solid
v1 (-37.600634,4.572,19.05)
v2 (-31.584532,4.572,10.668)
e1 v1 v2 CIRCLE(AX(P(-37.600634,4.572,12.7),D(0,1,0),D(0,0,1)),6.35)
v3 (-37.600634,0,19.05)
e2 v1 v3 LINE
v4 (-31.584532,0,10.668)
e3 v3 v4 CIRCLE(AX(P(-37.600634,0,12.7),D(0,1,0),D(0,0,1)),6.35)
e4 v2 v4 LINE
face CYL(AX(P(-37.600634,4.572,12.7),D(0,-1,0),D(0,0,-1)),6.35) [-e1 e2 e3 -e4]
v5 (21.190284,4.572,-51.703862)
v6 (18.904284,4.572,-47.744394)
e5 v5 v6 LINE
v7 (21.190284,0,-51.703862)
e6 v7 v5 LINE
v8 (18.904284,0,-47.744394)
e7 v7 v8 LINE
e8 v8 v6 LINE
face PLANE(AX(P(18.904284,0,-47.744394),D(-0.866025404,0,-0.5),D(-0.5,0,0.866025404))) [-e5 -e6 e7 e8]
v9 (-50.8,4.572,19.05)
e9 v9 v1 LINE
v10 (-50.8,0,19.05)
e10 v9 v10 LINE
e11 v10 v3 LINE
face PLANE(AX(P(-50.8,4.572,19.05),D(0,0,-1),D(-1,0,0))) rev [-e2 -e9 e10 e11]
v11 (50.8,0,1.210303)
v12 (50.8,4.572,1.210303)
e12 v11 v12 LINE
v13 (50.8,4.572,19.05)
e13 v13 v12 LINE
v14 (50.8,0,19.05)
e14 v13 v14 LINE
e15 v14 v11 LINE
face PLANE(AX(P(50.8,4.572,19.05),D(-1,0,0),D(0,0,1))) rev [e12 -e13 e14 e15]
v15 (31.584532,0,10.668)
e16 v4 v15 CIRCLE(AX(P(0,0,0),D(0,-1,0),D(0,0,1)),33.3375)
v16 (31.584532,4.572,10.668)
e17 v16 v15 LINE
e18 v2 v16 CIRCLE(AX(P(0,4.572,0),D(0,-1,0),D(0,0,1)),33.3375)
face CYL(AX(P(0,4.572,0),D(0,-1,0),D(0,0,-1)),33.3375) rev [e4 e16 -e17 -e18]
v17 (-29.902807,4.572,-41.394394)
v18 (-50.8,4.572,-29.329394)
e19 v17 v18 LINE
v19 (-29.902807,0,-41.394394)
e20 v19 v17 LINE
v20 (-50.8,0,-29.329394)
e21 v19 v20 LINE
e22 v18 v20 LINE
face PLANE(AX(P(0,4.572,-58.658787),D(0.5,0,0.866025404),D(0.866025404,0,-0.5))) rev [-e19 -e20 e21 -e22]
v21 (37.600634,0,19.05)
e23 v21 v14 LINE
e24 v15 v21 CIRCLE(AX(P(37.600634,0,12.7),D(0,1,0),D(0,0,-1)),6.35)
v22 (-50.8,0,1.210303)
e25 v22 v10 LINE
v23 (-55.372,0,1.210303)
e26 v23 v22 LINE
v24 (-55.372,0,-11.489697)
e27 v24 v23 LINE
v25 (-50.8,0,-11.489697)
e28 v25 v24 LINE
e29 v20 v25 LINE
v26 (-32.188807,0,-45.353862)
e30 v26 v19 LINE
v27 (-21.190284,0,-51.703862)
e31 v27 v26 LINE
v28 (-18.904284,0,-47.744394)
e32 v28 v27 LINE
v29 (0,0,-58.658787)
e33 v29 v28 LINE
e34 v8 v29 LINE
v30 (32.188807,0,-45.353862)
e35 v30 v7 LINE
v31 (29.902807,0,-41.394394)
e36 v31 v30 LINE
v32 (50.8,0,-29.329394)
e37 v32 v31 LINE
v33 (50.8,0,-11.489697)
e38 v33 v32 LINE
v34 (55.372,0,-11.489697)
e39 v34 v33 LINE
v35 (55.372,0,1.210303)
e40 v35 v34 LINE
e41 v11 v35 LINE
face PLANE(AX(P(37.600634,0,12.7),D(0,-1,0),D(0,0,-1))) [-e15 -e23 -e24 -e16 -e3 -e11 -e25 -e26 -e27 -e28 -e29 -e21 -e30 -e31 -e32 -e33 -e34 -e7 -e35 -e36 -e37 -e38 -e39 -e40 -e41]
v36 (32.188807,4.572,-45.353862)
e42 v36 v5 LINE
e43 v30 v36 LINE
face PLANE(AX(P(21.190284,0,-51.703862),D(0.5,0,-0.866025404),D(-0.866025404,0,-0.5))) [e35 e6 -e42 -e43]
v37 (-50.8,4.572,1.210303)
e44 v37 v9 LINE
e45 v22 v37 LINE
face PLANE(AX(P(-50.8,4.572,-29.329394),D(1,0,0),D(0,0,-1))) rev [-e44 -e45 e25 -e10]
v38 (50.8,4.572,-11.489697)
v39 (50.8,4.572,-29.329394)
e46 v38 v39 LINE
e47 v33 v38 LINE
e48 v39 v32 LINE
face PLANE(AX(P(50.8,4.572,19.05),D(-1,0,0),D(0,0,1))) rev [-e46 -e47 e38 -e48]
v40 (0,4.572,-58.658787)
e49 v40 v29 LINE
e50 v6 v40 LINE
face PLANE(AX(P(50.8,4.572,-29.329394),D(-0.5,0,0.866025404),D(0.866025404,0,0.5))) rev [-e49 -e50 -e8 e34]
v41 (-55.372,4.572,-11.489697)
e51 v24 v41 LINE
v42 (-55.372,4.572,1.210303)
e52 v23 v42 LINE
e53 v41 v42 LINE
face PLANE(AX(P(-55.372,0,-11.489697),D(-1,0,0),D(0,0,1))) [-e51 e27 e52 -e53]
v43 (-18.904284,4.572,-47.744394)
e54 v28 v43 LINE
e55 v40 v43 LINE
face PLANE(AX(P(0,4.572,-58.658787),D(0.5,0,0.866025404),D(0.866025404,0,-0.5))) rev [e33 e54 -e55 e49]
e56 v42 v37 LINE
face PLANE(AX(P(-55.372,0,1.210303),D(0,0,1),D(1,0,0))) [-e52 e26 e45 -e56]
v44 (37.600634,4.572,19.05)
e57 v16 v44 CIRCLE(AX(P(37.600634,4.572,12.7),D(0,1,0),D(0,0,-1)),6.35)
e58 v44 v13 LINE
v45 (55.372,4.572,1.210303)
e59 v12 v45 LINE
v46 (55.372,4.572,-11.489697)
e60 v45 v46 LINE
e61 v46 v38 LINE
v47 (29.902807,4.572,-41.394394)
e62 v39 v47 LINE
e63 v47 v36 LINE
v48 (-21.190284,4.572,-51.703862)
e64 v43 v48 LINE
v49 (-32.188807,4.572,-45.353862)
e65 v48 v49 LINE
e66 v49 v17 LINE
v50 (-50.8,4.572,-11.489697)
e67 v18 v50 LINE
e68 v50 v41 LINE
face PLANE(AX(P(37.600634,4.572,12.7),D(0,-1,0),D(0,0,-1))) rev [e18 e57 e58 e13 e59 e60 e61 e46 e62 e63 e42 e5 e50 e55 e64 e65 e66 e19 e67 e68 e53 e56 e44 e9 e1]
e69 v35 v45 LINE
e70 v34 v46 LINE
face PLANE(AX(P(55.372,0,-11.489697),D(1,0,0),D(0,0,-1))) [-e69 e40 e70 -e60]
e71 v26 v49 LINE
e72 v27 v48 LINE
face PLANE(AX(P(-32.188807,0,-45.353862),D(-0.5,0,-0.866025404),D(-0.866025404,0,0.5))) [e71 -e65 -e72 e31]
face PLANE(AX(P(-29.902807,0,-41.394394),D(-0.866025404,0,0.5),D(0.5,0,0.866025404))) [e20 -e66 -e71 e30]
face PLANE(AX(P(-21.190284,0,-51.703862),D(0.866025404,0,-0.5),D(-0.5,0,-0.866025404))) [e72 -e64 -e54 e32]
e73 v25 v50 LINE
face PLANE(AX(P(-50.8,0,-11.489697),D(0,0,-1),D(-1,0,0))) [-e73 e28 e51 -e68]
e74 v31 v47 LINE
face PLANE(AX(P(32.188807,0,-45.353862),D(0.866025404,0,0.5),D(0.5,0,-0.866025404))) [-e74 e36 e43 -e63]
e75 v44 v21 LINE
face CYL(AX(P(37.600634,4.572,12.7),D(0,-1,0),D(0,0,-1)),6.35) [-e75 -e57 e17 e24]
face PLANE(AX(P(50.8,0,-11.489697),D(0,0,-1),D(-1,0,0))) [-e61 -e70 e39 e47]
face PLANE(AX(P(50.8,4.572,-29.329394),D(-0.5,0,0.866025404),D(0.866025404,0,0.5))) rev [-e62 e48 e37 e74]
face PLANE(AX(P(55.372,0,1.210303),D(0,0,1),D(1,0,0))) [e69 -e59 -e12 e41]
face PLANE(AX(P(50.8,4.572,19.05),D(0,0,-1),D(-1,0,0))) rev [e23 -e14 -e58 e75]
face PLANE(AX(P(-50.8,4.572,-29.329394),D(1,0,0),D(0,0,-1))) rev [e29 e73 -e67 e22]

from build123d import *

# Parameters (mm, degrees)
BOSS_EXTRUDE1_DEPTH = 4.572
SKETCH2_W           = 4.572
SKETCH2_H           = 12.7
BOSS_EXTRUDE2_DEPTH = 4.572


with BuildPart() as part:
    # Sketch1 → Boss-Extrude1 (new body)
    with BuildSketch(Plane(origin=(0, 0, 0), x_dir=(1, 0, 0), z_dir=(0, 1, 0))):
        with BuildLine():
            Line((-50.8, -19.05), (-37.600633721, -19.05))
            ThreePointArc((-37.600633721, -19.05), (-32.441869334, -16.402654453), (-31.584532326, -10.668))
            ThreePointArc((-31.584532326, -10.668), (0, 33.3375), (31.584532326, -10.668))
            ThreePointArc((31.584532326, -10.668), (32.441869334, -16.402654453), (37.600633721, -19.05))
            Line((37.600633721, -19.05), (50.8, -19.05))
            Line((50.8, -19.05), (50.8, 29.329393675))
            Line((50.8, 29.329393675), (0, 58.65878735))
            Line((0, 58.65878735), (-50.8, 29.329393675))
            Line((-50.8, 29.329393675), (-50.8, -19.05))
        make_face()
    extrude(amount=BOSS_EXTRUDE1_DEPTH)

    # Sketch2 → Boss-Extrude2 (add)
    with BuildSketch(Plane(origin=(0, 4.572, 0), x_dir=(1, 0, 0), z_dir=(0, 1, 0))):
        with Locations((-53.086, 5.139696837)):
            Rectangle(SKETCH2_W, SKETCH2_H)
        Polygon((-29.902807007, 41.394393675), (-32.188807007, 45.353861821), (-21.190284379, 51.703861821), (-18.904284379, 47.744393675), align=None)
        Polygon((18.904284379, 47.744393675), (21.190284379, 51.703861821), (32.188807007, 45.353861821), (29.902807007, 41.394393675), align=None)
        with Locations((53.086, 5.139696837)):
            Rectangle(SKETCH2_W, SKETCH2_H)
    extrude(amount=-BOSS_EXTRUDE2_DEPTH)


solid = part.part
